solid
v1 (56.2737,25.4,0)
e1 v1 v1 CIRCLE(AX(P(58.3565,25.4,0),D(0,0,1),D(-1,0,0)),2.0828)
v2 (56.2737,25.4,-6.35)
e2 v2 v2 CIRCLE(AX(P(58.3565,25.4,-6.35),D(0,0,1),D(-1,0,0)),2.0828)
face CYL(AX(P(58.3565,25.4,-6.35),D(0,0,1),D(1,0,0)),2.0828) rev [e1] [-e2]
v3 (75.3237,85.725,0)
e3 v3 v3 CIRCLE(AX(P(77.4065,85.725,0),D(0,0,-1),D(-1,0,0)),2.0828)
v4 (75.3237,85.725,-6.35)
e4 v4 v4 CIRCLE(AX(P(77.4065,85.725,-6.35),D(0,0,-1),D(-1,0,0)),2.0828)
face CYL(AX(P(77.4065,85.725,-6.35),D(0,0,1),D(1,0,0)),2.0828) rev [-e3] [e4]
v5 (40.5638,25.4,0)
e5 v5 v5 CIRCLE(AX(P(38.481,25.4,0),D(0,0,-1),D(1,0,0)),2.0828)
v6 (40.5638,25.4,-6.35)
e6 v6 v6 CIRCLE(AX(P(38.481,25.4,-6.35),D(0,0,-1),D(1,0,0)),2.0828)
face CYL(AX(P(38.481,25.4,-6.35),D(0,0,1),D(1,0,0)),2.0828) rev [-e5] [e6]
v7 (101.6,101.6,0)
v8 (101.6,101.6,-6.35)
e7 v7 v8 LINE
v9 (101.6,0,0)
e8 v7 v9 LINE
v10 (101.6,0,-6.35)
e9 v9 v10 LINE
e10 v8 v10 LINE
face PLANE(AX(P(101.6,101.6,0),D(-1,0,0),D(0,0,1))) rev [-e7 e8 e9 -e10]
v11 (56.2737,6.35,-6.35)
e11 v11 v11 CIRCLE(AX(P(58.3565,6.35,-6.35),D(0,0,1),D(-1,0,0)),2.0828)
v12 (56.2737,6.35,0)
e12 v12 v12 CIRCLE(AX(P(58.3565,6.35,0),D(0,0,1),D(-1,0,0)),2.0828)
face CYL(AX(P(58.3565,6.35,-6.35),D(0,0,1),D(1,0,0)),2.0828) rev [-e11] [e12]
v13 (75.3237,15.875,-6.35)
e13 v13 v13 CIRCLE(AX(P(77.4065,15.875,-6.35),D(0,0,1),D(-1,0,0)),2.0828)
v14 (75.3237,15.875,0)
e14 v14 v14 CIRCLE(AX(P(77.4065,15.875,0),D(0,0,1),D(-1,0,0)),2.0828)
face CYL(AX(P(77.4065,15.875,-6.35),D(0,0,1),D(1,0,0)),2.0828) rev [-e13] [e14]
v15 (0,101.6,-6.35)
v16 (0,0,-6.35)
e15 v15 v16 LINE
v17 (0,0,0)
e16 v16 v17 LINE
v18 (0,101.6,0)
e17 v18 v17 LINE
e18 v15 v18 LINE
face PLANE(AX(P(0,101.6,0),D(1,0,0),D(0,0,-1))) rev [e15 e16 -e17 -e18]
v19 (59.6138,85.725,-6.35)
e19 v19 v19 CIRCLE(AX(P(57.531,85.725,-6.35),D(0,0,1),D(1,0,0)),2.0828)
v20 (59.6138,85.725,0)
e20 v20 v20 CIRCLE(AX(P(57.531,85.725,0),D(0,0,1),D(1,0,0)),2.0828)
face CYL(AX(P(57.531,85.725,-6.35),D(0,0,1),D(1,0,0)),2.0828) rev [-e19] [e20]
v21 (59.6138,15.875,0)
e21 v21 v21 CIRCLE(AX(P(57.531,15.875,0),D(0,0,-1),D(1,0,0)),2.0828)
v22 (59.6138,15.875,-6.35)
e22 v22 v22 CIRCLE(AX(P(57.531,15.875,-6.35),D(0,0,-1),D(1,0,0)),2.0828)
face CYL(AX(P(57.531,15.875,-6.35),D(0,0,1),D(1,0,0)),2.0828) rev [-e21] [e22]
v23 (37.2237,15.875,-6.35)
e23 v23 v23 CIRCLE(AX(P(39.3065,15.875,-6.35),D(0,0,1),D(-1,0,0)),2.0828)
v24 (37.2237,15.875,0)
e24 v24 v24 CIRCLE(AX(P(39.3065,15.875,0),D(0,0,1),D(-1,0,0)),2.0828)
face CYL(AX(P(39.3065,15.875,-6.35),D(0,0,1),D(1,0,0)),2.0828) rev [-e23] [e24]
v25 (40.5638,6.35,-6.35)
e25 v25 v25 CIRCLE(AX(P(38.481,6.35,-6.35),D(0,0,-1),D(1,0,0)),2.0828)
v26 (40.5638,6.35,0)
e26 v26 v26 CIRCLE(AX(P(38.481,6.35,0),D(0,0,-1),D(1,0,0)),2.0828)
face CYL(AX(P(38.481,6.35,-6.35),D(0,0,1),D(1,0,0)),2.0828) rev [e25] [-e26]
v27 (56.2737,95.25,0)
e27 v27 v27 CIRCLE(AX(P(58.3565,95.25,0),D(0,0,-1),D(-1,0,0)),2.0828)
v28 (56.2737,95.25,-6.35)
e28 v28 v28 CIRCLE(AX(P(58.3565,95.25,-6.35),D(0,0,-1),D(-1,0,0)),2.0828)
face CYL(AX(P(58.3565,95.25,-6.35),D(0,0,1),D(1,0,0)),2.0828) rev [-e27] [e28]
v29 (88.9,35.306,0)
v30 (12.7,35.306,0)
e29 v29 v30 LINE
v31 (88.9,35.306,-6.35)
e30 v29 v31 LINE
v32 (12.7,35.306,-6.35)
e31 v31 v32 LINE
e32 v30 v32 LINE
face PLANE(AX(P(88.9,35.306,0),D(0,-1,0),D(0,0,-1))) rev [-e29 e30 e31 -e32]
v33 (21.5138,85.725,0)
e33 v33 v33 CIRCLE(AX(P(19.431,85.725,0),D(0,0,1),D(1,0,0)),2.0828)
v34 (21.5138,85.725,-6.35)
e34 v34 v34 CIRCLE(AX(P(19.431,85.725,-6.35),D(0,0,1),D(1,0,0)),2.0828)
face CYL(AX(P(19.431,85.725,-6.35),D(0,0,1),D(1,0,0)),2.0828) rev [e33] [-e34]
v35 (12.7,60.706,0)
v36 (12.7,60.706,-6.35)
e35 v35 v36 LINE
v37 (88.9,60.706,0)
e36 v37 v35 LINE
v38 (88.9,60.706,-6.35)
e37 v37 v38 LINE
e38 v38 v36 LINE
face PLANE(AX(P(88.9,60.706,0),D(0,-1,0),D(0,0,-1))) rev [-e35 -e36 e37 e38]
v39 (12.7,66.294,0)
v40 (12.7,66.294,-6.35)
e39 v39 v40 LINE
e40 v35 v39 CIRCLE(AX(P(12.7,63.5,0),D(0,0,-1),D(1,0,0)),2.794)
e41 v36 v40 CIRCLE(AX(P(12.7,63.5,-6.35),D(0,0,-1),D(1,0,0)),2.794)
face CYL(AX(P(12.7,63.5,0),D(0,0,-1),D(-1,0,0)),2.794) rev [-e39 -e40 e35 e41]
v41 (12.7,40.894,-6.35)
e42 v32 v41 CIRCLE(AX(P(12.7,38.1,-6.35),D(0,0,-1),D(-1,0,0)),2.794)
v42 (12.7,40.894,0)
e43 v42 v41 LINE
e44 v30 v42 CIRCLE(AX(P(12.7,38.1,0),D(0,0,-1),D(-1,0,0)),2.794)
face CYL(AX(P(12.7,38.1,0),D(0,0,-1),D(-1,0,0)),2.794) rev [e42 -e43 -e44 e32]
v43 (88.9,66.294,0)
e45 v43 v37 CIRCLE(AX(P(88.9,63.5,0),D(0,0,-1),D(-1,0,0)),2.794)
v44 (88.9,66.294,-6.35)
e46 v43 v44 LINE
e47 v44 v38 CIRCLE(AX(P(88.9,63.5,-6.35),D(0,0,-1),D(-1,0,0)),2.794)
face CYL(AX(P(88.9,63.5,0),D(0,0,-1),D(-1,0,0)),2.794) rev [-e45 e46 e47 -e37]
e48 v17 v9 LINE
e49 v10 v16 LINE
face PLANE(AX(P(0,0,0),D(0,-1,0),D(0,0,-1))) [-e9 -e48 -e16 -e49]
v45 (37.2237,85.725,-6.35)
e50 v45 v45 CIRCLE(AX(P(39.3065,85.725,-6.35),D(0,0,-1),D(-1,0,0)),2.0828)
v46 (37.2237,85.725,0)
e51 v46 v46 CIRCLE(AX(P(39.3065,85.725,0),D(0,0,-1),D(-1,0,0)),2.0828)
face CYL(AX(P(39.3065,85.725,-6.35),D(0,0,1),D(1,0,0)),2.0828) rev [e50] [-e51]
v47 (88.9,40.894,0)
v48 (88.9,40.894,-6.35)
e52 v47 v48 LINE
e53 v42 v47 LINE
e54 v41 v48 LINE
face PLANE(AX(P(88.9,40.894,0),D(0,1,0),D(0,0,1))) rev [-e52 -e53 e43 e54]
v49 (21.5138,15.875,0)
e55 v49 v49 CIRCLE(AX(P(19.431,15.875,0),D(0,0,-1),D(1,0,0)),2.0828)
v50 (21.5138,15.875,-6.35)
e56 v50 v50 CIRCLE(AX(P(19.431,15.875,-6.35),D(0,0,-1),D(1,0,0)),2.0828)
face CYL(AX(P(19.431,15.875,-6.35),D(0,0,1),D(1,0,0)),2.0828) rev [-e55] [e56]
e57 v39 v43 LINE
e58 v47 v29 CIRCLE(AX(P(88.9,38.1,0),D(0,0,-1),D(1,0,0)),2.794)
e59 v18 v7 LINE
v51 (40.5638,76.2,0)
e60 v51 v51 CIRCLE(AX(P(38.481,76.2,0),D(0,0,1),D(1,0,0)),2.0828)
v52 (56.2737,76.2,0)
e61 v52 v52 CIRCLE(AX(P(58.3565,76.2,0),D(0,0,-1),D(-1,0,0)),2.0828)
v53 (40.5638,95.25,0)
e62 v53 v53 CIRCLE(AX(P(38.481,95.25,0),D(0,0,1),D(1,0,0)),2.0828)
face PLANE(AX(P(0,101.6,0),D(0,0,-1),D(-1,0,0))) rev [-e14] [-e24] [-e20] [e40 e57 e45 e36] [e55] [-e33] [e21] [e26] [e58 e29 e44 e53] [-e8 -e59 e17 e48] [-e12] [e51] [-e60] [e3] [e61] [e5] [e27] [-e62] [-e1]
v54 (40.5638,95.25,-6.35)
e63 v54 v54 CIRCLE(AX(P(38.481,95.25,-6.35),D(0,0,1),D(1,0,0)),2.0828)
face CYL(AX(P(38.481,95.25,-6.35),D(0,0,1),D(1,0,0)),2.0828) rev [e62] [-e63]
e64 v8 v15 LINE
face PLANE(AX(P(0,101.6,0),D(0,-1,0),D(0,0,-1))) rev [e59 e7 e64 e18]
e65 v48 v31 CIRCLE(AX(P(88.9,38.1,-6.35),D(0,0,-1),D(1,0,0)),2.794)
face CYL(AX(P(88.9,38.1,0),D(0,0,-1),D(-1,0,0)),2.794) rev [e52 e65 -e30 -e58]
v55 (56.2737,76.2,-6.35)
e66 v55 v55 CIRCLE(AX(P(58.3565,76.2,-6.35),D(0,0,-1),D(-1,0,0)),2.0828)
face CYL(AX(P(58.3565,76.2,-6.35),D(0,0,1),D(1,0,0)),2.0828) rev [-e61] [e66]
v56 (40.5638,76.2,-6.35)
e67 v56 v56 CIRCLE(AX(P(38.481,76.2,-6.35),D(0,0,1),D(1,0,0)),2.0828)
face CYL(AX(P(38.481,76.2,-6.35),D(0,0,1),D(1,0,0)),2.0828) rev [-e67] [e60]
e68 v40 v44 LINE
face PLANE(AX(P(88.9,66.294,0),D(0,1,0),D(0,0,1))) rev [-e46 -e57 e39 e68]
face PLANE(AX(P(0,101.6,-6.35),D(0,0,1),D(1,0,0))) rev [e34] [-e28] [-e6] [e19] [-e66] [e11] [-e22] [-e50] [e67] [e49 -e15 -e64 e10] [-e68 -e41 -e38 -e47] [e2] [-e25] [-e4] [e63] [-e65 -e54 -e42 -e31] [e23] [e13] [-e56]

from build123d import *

# Parameters (mm, degrees)
SKETCH1_W               = 101.6
SKETCH1_H               = 6.35
BOSS_EXTRUDE1_DEPTH     = 101.6
CUT_EXTRUDE1_DEPTH      = 144.824345992
SKETCH5_R               = 2.0828
CUT_EXTRUDE2_DEPTH      = 144.824345992
MIRROR2_COPY_1_SKETCH_R = 2.0828
MIRROR2_COPY_1_DEPTH    = 144.824345992


with BuildPart() as part:
    # Sketch1 → Boss-Extrude1 (new body)
    with BuildSketch(Plane(origin=(0, 0, 0), x_dir=(1, 0, 0), z_dir=(0, 1, 0))):
        with Locations((50.8, 3.175)):
            Rectangle(SKETCH1_W, SKETCH1_H)
    extrude(amount=BOSS_EXTRUDE1_DEPTH)

    # Sketch2 → Cut-Extrude1 (cut, through all)
    with BuildSketch(Plane(origin=(0, 0, -6.35), x_dir=(-1, 0, 0), z_dir=(0, 0, -1))):
        with BuildLine():
            Line((-88.9, 66.294), (-12.7, 66.294))
            ThreePointArc((-12.7, 66.294), (-9.906, 63.5), (-12.7, 60.706))
            Line((-12.7, 60.706), (-88.9, 60.706))
            ThreePointArc((-88.9, 60.706), (-91.694, 63.5), (-88.9, 66.294))
        make_face()
        with BuildLine():
            Line((-88.9, 40.894), (-12.7, 40.894))
            ThreePointArc((-12.7, 40.894), (-9.906, 38.1), (-12.7, 35.306))
            Line((-12.7, 35.306), (-88.9, 35.306))
            ThreePointArc((-88.9, 35.306), (-91.694, 38.1), (-88.9, 40.894))
        make_face()
    extrude(amount=-CUT_EXTRUDE1_DEPTH, mode=Mode.SUBTRACT)

    # Sketch5 → Cut-Extrude2 (cut, through all)
    with BuildSketch(Plane.XY):
        with Locations((19.431, 85.725)):
            Circle(SKETCH5_R)
        with Locations((38.481, 95.25)):
            Circle(SKETCH5_R)
        with Locations((38.481, 76.2)):
            Circle(SKETCH5_R)
        with Locations((57.531, 85.725)):
            Circle(SKETCH5_R)
    cut_extrude2 = extrude(amount=-CUT_EXTRUDE2_DEPTH, mode=Mode.SUBTRACT)

    # Mirror1: Cut-Extrude2 across plane
    add(cut_extrude2.mirror(Plane.ZX.offset(50.8)), mode=Mode.SUBTRACT)

    # Mirror2: Cut-Extrude2 across plane
    add(cut_extrude2.mirror(Plane(origin=(48.41875, 0, 0), x_dir=(0, 0, 1), z_dir=(1, 0, 0))), mode=Mode.SUBTRACT)

    # Mirror2 copy 1 sketch → Mirror2 copy 1 (cut, through all)
    with BuildSketch(Plane(origin=(96.8375, 101.6, 0), x_dir=(-1, 0, 0), z_dir=(0, 0, 1))):
        with Locations((19.431, 85.725)):
            Circle(MIRROR2_COPY_1_SKETCH_R)
        with Locations((38.481, 95.25)):
            Circle(MIRROR2_COPY_1_SKETCH_R)
        with Locations((38.481, 76.2)):
            Circle(MIRROR2_COPY_1_SKETCH_R)
        with Locations((57.531, 85.725)):
            Circle(MIRROR2_COPY_1_SKETCH_R)
    extrude(amount=-MIRROR2_COPY_1_DEPTH, mode=Mode.SUBTRACT)


solid = part.part
